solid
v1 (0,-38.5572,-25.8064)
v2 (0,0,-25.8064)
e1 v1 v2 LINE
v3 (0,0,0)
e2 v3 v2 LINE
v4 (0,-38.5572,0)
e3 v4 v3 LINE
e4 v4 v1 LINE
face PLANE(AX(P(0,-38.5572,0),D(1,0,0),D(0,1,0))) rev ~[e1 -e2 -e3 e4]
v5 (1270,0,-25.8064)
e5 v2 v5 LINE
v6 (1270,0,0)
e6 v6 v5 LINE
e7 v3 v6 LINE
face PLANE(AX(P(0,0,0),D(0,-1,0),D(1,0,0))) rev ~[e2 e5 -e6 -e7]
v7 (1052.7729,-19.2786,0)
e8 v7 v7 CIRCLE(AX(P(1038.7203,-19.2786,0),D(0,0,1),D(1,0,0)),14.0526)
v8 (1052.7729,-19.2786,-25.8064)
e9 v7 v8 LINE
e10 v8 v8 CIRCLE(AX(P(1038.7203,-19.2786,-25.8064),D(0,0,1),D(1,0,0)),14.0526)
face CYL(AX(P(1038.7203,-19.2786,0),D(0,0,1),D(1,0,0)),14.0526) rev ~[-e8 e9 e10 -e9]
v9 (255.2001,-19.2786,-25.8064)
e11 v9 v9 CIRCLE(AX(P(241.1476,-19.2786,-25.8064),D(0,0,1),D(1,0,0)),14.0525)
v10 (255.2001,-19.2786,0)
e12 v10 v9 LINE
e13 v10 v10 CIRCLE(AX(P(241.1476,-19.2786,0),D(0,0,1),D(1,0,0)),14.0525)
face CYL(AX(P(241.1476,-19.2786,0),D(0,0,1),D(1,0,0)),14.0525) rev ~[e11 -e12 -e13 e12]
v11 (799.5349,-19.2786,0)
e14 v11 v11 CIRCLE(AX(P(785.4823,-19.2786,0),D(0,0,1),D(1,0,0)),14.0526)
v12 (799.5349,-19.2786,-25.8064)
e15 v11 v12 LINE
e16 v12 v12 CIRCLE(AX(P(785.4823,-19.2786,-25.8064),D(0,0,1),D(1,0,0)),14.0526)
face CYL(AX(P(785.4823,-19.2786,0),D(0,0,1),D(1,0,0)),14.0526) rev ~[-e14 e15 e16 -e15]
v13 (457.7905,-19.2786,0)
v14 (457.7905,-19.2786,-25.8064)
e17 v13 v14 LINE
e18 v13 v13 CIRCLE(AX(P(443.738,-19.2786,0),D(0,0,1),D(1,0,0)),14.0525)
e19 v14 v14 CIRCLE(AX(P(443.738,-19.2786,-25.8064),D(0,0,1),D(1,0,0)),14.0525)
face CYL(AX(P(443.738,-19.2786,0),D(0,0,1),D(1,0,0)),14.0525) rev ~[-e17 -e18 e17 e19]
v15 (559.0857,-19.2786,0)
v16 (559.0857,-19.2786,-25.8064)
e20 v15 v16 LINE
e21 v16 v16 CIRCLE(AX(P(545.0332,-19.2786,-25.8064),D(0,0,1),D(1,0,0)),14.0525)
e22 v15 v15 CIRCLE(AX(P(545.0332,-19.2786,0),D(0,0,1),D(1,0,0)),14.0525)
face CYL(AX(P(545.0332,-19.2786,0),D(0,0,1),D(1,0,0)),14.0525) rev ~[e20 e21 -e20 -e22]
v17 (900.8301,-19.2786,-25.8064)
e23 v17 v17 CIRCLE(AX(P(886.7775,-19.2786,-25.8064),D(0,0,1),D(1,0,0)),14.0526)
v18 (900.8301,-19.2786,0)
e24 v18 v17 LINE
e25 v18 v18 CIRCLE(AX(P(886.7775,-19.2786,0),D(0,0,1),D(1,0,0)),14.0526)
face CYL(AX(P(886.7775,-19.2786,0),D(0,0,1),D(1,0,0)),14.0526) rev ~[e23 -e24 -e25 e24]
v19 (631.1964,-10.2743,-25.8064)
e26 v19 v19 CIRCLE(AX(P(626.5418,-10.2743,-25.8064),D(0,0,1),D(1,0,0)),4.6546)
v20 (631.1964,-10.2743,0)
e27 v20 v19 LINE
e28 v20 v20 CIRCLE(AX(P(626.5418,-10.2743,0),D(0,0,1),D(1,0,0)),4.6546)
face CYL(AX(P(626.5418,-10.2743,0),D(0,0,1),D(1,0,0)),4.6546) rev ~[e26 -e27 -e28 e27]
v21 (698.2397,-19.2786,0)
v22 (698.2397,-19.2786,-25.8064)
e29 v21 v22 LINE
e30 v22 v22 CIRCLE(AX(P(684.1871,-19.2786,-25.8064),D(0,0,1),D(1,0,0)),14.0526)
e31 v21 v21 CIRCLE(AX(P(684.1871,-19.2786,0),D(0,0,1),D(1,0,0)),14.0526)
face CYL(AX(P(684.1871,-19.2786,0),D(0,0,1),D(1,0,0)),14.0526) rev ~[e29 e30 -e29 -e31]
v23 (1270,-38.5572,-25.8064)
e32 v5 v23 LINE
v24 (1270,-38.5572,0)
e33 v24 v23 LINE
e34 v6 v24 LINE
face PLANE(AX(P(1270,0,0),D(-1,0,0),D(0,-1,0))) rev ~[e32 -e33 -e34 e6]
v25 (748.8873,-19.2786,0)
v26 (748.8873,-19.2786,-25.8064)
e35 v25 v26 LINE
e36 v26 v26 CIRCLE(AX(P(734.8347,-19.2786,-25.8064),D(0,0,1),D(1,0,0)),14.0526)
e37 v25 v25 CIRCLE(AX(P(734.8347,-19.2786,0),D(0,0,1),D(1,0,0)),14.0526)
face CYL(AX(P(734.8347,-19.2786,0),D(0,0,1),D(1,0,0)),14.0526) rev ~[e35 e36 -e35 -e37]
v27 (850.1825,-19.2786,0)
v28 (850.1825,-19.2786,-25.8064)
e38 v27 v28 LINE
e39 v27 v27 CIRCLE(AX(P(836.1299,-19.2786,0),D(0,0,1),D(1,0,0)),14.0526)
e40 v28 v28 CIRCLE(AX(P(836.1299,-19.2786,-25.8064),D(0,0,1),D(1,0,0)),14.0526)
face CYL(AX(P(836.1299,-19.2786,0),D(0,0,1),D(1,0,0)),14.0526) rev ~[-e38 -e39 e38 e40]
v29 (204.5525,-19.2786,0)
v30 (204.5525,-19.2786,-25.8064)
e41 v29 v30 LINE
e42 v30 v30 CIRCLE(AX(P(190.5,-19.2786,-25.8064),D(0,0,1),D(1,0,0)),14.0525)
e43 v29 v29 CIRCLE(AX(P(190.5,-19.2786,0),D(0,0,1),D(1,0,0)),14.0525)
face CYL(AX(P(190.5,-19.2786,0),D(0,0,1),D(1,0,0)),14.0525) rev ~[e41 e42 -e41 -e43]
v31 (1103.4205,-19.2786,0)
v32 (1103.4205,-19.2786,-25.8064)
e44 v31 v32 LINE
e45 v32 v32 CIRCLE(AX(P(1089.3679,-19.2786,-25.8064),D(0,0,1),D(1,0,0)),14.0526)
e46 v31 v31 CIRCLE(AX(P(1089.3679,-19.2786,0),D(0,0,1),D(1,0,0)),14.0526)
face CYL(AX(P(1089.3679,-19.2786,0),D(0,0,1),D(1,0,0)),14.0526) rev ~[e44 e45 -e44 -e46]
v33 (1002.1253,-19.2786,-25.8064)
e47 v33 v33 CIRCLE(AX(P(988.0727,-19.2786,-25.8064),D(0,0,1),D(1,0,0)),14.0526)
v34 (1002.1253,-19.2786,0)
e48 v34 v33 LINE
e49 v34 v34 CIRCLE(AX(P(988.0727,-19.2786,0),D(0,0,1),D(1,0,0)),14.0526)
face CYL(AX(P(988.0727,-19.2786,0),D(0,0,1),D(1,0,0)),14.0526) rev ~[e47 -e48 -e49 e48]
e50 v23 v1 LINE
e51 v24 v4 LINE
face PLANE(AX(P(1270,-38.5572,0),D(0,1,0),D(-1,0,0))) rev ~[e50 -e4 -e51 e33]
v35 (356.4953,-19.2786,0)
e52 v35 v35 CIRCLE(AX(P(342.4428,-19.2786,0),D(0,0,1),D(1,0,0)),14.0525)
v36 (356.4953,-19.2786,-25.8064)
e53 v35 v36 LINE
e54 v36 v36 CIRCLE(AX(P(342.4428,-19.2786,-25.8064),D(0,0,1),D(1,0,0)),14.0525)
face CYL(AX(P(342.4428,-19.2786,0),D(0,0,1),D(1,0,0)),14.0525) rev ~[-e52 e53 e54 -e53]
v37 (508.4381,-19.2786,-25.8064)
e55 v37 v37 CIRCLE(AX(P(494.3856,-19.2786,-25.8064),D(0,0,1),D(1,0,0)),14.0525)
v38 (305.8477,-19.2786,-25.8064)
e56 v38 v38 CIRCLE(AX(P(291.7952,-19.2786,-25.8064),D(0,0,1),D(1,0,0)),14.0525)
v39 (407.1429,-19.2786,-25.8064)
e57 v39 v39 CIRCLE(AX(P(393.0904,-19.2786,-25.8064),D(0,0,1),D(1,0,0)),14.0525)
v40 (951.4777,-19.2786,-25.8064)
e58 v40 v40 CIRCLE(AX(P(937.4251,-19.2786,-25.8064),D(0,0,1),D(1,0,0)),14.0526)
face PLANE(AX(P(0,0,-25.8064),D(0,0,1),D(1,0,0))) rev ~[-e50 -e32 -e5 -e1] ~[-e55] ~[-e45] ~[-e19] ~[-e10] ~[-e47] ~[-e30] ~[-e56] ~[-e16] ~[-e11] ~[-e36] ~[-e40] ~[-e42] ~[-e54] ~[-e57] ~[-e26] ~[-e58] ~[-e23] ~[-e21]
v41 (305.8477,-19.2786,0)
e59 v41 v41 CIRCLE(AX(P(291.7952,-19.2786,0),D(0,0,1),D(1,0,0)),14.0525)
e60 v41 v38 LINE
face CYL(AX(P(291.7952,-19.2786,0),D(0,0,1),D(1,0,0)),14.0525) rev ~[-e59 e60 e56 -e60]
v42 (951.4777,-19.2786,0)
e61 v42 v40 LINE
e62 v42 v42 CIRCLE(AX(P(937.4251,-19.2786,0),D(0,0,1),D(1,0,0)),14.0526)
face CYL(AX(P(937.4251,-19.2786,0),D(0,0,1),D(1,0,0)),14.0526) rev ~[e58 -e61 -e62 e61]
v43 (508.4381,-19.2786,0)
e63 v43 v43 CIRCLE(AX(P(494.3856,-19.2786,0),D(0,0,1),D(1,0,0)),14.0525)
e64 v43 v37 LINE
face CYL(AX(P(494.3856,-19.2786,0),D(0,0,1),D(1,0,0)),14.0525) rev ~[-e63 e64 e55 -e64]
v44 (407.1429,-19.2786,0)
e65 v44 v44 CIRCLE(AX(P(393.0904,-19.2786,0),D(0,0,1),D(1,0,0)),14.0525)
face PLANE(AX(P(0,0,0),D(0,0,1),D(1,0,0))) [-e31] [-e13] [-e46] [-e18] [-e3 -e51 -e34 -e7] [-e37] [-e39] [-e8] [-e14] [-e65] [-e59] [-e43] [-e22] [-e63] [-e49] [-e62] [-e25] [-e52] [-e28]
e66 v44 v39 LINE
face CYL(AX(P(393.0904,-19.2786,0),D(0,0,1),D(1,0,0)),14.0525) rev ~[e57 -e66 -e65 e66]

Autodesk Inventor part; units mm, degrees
ref_plane "YZ Plane" through (0, 0, 0) normal (1, 0, 0) x (0, 1, 0)
ref_plane "XZ Plane" through (0, 0, 0) normal (0, 1, 0) x (-1, 0, 0)
ref_plane "XY Plane" through (0, 0, 0) normal (0, 0, 1) x (1, 0, 0)
sketch "Sketch1" plane through (0, 0, 0) normal (0, 0, 1) x (1, 0, 0)
  line L0 (0, 0) -> (1270, 0)
  line L1 (1270, 0) -> (1270, -38.5572)
  line L2 (1270, -38.5572) -> (0, -38.5572)
  line L3 (0, -38.5572) -> (0, 0)
  circle A0 centre (190.5, -19.2786) radius 14.0525
  circle A1 centre (241.1476, -19.2786) radius 14.0525
  circle A2 centre (291.7952, -19.2786) radius 14.0525
  circle A3 centre (342.4428, -19.2786) radius 14.0525
  circle A4 centre (393.0904, -19.2786) radius 14.0525
  circle A5 centre (443.738, -19.2786) radius 14.0525
  circle A6 centre (494.3856, -19.2786) radius 14.0525
  circle A7 centre (545.0332, -19.2786) radius 14.0525
  circle A8 centre (626.5418, -10.2743) radius 4.6546
  circle A9 centre (684.1871, -19.2786) radius 14.0526
  circle A10 centre (734.8347, -19.2786) radius 14.0526
  circle A11 centre (785.4823, -19.2786) radius 14.0526
  circle A12 centre (836.1299, -19.2786) radius 14.0526
  circle A13 centre (886.7775, -19.2786) radius 14.0526
  circle A14 centre (937.4251, -19.2786) radius 14.0526
  circle A15 centre (988.0727, -19.2786) radius 14.0526
  circle A16 centre (1038.7203, -19.2786) radius 14.0526
  circle A17 centre (1089.3679, -19.2786) radius 14.0526
  dimension "d0" = 1270
  dimension "d1" = 38.5572
  dimension "d2" = 28.1051
  dimension "d3" = 190.5
  dimension "d6" = 50.6476
  dimension "d11" = 28.2829
  dimension "d12" = 81.5086
  dimension "d13" = 9.3091
  dimension "d14" = 28.1051
  dimension "d17" = 50.6476
  dimension "d22" = 19.2786
  dimension "d23" = 19.2786
  dimension "d24" = 57.6453
extrude "Extrusion1" add sketch "Sketch1" against normal blind 25.8064
sketch "Sketch2" plane through (0, 0, 0) normal (0, 0, 1) x (1, 0, 0)
  point P0 (0, 0)
properties part number "Kermit Frame 15"
